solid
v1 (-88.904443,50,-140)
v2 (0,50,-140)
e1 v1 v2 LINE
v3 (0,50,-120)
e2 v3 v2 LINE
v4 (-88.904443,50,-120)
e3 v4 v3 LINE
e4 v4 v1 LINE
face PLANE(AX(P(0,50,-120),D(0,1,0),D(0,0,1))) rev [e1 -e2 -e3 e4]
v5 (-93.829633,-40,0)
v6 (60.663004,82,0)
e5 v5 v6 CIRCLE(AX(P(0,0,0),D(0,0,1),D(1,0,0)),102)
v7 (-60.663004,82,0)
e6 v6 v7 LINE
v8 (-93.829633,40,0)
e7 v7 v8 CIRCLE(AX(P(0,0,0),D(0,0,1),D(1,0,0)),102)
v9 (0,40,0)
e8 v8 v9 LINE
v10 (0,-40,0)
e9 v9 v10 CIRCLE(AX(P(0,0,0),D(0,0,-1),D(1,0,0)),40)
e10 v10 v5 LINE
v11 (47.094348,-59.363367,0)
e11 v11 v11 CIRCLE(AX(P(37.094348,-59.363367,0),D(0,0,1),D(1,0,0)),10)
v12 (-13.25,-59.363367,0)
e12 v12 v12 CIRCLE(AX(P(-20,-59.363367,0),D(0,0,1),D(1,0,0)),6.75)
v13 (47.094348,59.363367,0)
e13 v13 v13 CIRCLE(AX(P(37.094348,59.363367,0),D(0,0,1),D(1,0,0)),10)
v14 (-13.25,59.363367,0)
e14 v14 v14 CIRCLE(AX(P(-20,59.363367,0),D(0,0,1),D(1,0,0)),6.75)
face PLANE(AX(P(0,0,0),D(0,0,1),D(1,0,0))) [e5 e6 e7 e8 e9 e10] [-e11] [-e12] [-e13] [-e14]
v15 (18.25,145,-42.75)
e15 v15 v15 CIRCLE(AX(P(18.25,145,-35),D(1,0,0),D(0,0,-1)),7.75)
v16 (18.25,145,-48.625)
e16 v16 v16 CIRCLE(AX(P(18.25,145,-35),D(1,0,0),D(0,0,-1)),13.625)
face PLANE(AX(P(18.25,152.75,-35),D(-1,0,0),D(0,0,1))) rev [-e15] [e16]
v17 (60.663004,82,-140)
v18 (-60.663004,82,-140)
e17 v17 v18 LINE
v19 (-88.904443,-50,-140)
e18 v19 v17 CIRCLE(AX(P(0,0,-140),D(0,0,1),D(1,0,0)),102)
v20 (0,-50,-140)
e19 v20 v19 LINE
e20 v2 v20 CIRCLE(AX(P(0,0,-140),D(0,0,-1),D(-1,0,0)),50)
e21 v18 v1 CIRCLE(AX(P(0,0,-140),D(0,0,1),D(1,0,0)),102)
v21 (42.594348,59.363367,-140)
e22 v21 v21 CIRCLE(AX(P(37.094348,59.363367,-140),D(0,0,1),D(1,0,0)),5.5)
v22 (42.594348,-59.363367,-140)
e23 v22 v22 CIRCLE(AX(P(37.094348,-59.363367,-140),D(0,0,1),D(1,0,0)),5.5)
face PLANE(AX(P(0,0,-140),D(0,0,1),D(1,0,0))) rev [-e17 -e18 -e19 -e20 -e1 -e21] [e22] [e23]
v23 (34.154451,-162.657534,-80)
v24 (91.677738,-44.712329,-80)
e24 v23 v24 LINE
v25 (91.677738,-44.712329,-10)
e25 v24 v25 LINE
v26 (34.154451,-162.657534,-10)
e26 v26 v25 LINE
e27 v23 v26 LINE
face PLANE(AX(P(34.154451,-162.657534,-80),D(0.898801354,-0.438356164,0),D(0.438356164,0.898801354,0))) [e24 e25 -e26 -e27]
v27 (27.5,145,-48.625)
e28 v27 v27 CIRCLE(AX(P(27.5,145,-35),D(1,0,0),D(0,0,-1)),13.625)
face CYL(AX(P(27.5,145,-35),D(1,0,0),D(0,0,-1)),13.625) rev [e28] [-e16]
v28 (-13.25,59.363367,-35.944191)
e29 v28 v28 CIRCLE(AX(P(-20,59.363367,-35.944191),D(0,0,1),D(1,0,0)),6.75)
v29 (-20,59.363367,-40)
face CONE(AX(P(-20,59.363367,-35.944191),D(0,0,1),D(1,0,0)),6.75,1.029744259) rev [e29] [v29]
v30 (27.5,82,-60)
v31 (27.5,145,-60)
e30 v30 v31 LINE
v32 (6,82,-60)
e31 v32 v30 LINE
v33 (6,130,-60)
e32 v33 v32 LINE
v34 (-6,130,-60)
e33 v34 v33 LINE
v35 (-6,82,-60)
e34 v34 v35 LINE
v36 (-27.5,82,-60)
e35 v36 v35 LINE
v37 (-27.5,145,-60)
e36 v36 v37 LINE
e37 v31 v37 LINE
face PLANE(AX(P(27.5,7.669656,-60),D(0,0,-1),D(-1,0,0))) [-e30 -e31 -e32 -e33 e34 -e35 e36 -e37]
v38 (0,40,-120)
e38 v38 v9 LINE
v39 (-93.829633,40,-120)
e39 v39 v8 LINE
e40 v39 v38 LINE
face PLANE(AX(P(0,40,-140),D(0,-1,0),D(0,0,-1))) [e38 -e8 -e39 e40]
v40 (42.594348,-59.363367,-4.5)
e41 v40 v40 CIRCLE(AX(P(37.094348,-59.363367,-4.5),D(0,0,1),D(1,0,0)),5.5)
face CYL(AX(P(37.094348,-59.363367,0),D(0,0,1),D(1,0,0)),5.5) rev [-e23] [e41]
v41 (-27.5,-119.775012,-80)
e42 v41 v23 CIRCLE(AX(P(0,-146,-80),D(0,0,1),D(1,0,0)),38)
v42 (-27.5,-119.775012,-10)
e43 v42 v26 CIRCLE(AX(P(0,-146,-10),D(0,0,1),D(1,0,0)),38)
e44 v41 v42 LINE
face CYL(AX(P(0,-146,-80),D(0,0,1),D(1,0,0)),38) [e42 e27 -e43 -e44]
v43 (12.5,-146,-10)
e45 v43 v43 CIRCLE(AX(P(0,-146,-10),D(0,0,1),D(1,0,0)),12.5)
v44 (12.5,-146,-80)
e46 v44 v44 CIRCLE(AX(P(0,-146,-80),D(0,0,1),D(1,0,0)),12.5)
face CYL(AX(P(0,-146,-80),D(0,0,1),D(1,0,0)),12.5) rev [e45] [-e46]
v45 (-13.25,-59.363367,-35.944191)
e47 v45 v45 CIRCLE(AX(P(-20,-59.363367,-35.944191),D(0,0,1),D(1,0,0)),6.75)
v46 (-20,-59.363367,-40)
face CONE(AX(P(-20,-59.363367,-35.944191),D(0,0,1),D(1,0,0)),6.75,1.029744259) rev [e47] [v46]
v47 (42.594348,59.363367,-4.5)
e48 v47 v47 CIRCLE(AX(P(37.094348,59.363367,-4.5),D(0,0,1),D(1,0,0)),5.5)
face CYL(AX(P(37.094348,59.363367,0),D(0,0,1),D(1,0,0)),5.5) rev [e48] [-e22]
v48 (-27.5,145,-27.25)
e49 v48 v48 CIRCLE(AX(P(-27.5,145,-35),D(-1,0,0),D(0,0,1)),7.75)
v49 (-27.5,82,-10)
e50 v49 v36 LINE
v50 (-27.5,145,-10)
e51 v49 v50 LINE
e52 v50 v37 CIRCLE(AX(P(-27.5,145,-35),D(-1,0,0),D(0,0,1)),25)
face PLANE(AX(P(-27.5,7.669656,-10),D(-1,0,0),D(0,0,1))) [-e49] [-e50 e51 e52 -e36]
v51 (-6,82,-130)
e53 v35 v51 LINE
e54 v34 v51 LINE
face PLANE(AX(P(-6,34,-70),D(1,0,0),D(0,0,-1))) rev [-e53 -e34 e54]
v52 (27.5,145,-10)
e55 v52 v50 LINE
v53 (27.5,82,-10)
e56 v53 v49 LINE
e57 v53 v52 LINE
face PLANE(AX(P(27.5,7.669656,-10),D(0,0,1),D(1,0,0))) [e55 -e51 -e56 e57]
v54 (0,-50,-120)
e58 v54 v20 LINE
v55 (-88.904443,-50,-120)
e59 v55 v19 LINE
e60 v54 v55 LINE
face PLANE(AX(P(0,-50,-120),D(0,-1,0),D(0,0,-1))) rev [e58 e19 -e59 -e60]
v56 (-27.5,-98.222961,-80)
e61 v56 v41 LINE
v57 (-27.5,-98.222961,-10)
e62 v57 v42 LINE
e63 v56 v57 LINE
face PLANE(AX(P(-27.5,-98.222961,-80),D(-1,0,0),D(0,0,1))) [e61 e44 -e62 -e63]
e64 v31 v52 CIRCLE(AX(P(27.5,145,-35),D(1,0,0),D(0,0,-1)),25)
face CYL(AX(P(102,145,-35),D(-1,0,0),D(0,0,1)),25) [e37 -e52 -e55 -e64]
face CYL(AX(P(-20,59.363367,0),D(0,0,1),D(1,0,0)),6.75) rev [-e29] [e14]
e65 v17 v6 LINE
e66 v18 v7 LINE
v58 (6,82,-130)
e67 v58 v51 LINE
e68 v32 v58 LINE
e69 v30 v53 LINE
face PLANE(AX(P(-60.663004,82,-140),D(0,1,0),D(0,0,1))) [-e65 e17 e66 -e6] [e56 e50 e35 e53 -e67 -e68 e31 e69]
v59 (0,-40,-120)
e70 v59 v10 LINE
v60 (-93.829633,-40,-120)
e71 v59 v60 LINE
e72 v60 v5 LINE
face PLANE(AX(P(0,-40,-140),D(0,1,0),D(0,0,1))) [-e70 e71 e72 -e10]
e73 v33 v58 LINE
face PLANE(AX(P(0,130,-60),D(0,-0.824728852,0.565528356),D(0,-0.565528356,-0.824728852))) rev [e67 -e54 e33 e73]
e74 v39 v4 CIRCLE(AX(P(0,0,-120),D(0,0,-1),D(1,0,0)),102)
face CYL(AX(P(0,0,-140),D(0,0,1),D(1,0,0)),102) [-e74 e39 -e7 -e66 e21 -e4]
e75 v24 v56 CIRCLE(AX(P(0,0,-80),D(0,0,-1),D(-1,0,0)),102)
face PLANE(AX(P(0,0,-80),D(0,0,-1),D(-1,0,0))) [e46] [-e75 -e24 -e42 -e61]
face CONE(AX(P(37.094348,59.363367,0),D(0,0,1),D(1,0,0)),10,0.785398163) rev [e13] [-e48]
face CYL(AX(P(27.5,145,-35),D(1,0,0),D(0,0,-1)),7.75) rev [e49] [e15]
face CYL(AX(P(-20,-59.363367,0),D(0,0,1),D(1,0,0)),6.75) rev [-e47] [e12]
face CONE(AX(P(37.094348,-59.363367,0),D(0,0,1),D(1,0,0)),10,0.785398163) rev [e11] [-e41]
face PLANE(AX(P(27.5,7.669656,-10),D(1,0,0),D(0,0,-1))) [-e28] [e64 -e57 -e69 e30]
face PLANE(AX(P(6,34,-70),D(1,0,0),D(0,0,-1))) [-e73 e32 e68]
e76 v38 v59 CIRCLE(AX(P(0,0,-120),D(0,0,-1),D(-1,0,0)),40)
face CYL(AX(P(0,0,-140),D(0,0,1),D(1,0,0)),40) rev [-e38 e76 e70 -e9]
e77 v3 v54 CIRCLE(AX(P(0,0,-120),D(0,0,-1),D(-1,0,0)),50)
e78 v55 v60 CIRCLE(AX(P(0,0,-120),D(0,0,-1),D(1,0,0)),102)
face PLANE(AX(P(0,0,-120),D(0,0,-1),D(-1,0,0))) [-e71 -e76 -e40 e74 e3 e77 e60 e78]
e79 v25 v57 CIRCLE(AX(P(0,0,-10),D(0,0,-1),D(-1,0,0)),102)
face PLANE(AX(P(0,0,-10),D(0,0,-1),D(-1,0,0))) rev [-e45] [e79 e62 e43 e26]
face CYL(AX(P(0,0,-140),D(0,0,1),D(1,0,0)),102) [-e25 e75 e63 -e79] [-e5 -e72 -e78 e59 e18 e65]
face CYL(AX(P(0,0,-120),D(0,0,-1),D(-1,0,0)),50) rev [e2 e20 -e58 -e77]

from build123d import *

# Parameters (mm, degrees)
BOSS_EXTRUDE1_DEPTH                              = 140
SKETCH2_W                                        = 55
SKETCH2_H                                        = 50
BOSS_EXTRUDE2_DEPTH                              = 88
CUT_EXTRUDE1_DEPTH                               = 256.480429779
RIB1_REACH                                       = 244.701
SKETCH4_WALL_W                                   = 572.27930611
SKETCH4_WALL_H                                   = 12
SKETCH5_R                                        = 12.5
BOSS_EXTRUDE3_DEPTH                              = 70
CSK_FOR_M10_FLAT_HEAD_MACHINE_SCREW1_D           = 11
CSK_FOR_M10_FLAT_HEAD_MACHINE_SCREW1_CSINK_D     = 20
CSK_FOR_M10_FLAT_HEAD_MACHINE_SCREW1_CSINK_ANGLE = 90
F_10_0MM_DOWEL_HOLE2_D                           = 13.5
F_10_0MM_DOWEL_HOLE2_DEPTH                       = 35.944190822
F_10_0MM_DOWEL_HOLE2_TIP                         = 4.055809178
CBORE_FOR_M14_HEX_HEAD_BOLT1_D                   = 15.5
CBORE_FOR_M14_HEX_HEAD_BOLT1_CBORE_D             = 27.25
CBORE_FOR_M14_HEX_HEAD_BOLT1_CBORE_DEPTH         = 9.25
CUT_EXTRUDE2_START                               = -20
CUT_EXTRUDE2_DEPTH                               = 20


with BuildPart() as part:
    # Sketch1 → Boss-Extrude1 (new body)
    with BuildSketch(Plane.XY):
        with BuildLine():
            Line((0, 40), (-93.829632846, 40))
            ThreePointArc((-93.829632846, 40), (-80.04994488, 63.213972543), (-60.663003552, 82))
            Line((-60.663003552, 82), (60.663003552, 82))
            ThreePointArc((60.663003552, 82), (63.213972543, -80.04994488), (-93.829632846, -40))
            Line((-93.829632846, -40), (0, -40))
            ThreePointArc((0, -40), (40, 0), (0, 40))
        make_face()
    extrude(amount=-BOSS_EXTRUDE1_DEPTH)

    # Sketch2 → Boss-Extrude2 (add)
    with BuildSketch(Plane(origin=(0, 170, 0), x_dir=(1, 0, 0), z_dir=(0, 1, 0))):
        with Locations((0, 35)):
            Rectangle(SKETCH2_W, SKETCH2_H)
    extrude(amount=-BOSS_EXTRUDE2_DEPTH)

    # Sketch3 → Cut-Extrude1 (cut, through all)
    with BuildSketch(Plane.ZY.offset(27.5)):
        with BuildLine():
            ThreePointArc((-60, 145), (-52.67766953, 162.67766953), (-35, 170))
            Line((-35, 170), (-60, 170))
            Line((-60, 170), (-60, 145))
        make_face()
        with BuildLine():
            ThreePointArc((-35, 170), (-17.32233047, 162.67766953), (-10, 145))
            Line((-10, 145), (-10, 170))
            Line((-10, 170), (-35, 170))
        make_face()
    extrude(amount=-CUT_EXTRUDE1_DEPTH, mode=Mode.SUBTRACT)

    # Sketch4 wall → Rib1 (add, up to next)
    with BuildSketch(Plane(origin=(0, 106, -95), x_dir=(0, -0.565528355552, -0.824728851846), z_dir=(0, 0.824728851846, -0.565528355552)), mode=Mode.PRIVATE) as rib1_sk1:
        Rectangle(SKETCH4_WALL_W, SKETCH4_WALL_H)
    rib1_tool1 = extrude(rib1_sk1.sketch, amount=-RIB1_REACH, mode=Mode.PRIVATE) - part.part
    add(rib1_tool1.solids().sort_by_distance((0, 106, -95))[0])

    # Sketch5 → Boss-Extrude3 (add)
    with BuildSketch(Plane.XY.offset(-10)):
        with BuildLine():
            Line((-27.5, -98.222960656), (-27.5, -119.775011916))
            ThreePointArc((-27.5, -119.775011916), (-21.697882646, -177.19618388), (34.154451435, -162.657534247))
            Line((34.154451435, -162.657534247), (91.677738062, -44.712328767))
            ThreePointArc((91.677738062, -44.712328767), (41.779689407, -93.050833167), (-27.5, -98.222960656))
        make_face()
        with Locations((0, -146)):
            Circle(SKETCH5_R, mode=Mode.SUBTRACT)
    extrude(amount=-BOSS_EXTRUDE3_DEPTH)

    # CSK for M10 Flat Head Machine Screw1 (through all)
    with Locations(Plane.XY):
        with Locations((37.094348496, -59.363366731), (37.094348496, 59.363366731)):
            CounterSinkHole(CSK_FOR_M10_FLAT_HEAD_MACHINE_SCREW1_D / 2, CSK_FOR_M10_FLAT_HEAD_MACHINE_SCREW1_CSINK_D / 2, counter_sink_angle=CSK_FOR_M10_FLAT_HEAD_MACHINE_SCREW1_CSINK_ANGLE)

    # Ø10.0mm Dowel Hole2
    with Locations(Plane.XY):
        with Locations((-20, 59.363366731), (-20, -59.363366731)):
            Hole(F_10_0MM_DOWEL_HOLE2_D / 2, depth=F_10_0MM_DOWEL_HOLE2_DEPTH)
            with Locations((0, 0, -(F_10_0MM_DOWEL_HOLE2_DEPTH + F_10_0MM_DOWEL_HOLE2_TIP / 2))):  # 118° drill point
                Cone(0, F_10_0MM_DOWEL_HOLE2_D / 2, F_10_0MM_DOWEL_HOLE2_TIP, mode=Mode.SUBTRACT)

    # CBORE for M14 Hex Head Bolt1 (through all)
    with Locations(Plane(origin=(27.5, 0, 0), x_dir=(0, 0, -1), z_dir=(1, 0, 0))):
        with Locations((35, 145)):
            CounterBoreHole(CBORE_FOR_M14_HEX_HEAD_BOLT1_D / 2, CBORE_FOR_M14_HEX_HEAD_BOLT1_CBORE_D / 2, CBORE_FOR_M14_HEX_HEAD_BOLT1_CBORE_DEPTH)

    # Sketch14 → Cut-Extrude2 (cut)
    with BuildSketch(Plane(origin=(0, 0, -140), x_dir=(-1, 0, 0), z_dir=(0, 0, -1)).offset(CUT_EXTRUDE2_START)):
        with BuildLine():
            Line((0, 50), (88.904443084, 50))
            ThreePointArc((88.904443084, 50), (102, 0), (88.904443084, -50))
            Line((88.904443084, -50), (0, -50))
            ThreePointArc((0, -50), (-50, 0), (0, 50))
        make_face()
    extrude(amount=CUT_EXTRUDE2_DEPTH, mode=Mode.SUBTRACT)


solid = part.part
